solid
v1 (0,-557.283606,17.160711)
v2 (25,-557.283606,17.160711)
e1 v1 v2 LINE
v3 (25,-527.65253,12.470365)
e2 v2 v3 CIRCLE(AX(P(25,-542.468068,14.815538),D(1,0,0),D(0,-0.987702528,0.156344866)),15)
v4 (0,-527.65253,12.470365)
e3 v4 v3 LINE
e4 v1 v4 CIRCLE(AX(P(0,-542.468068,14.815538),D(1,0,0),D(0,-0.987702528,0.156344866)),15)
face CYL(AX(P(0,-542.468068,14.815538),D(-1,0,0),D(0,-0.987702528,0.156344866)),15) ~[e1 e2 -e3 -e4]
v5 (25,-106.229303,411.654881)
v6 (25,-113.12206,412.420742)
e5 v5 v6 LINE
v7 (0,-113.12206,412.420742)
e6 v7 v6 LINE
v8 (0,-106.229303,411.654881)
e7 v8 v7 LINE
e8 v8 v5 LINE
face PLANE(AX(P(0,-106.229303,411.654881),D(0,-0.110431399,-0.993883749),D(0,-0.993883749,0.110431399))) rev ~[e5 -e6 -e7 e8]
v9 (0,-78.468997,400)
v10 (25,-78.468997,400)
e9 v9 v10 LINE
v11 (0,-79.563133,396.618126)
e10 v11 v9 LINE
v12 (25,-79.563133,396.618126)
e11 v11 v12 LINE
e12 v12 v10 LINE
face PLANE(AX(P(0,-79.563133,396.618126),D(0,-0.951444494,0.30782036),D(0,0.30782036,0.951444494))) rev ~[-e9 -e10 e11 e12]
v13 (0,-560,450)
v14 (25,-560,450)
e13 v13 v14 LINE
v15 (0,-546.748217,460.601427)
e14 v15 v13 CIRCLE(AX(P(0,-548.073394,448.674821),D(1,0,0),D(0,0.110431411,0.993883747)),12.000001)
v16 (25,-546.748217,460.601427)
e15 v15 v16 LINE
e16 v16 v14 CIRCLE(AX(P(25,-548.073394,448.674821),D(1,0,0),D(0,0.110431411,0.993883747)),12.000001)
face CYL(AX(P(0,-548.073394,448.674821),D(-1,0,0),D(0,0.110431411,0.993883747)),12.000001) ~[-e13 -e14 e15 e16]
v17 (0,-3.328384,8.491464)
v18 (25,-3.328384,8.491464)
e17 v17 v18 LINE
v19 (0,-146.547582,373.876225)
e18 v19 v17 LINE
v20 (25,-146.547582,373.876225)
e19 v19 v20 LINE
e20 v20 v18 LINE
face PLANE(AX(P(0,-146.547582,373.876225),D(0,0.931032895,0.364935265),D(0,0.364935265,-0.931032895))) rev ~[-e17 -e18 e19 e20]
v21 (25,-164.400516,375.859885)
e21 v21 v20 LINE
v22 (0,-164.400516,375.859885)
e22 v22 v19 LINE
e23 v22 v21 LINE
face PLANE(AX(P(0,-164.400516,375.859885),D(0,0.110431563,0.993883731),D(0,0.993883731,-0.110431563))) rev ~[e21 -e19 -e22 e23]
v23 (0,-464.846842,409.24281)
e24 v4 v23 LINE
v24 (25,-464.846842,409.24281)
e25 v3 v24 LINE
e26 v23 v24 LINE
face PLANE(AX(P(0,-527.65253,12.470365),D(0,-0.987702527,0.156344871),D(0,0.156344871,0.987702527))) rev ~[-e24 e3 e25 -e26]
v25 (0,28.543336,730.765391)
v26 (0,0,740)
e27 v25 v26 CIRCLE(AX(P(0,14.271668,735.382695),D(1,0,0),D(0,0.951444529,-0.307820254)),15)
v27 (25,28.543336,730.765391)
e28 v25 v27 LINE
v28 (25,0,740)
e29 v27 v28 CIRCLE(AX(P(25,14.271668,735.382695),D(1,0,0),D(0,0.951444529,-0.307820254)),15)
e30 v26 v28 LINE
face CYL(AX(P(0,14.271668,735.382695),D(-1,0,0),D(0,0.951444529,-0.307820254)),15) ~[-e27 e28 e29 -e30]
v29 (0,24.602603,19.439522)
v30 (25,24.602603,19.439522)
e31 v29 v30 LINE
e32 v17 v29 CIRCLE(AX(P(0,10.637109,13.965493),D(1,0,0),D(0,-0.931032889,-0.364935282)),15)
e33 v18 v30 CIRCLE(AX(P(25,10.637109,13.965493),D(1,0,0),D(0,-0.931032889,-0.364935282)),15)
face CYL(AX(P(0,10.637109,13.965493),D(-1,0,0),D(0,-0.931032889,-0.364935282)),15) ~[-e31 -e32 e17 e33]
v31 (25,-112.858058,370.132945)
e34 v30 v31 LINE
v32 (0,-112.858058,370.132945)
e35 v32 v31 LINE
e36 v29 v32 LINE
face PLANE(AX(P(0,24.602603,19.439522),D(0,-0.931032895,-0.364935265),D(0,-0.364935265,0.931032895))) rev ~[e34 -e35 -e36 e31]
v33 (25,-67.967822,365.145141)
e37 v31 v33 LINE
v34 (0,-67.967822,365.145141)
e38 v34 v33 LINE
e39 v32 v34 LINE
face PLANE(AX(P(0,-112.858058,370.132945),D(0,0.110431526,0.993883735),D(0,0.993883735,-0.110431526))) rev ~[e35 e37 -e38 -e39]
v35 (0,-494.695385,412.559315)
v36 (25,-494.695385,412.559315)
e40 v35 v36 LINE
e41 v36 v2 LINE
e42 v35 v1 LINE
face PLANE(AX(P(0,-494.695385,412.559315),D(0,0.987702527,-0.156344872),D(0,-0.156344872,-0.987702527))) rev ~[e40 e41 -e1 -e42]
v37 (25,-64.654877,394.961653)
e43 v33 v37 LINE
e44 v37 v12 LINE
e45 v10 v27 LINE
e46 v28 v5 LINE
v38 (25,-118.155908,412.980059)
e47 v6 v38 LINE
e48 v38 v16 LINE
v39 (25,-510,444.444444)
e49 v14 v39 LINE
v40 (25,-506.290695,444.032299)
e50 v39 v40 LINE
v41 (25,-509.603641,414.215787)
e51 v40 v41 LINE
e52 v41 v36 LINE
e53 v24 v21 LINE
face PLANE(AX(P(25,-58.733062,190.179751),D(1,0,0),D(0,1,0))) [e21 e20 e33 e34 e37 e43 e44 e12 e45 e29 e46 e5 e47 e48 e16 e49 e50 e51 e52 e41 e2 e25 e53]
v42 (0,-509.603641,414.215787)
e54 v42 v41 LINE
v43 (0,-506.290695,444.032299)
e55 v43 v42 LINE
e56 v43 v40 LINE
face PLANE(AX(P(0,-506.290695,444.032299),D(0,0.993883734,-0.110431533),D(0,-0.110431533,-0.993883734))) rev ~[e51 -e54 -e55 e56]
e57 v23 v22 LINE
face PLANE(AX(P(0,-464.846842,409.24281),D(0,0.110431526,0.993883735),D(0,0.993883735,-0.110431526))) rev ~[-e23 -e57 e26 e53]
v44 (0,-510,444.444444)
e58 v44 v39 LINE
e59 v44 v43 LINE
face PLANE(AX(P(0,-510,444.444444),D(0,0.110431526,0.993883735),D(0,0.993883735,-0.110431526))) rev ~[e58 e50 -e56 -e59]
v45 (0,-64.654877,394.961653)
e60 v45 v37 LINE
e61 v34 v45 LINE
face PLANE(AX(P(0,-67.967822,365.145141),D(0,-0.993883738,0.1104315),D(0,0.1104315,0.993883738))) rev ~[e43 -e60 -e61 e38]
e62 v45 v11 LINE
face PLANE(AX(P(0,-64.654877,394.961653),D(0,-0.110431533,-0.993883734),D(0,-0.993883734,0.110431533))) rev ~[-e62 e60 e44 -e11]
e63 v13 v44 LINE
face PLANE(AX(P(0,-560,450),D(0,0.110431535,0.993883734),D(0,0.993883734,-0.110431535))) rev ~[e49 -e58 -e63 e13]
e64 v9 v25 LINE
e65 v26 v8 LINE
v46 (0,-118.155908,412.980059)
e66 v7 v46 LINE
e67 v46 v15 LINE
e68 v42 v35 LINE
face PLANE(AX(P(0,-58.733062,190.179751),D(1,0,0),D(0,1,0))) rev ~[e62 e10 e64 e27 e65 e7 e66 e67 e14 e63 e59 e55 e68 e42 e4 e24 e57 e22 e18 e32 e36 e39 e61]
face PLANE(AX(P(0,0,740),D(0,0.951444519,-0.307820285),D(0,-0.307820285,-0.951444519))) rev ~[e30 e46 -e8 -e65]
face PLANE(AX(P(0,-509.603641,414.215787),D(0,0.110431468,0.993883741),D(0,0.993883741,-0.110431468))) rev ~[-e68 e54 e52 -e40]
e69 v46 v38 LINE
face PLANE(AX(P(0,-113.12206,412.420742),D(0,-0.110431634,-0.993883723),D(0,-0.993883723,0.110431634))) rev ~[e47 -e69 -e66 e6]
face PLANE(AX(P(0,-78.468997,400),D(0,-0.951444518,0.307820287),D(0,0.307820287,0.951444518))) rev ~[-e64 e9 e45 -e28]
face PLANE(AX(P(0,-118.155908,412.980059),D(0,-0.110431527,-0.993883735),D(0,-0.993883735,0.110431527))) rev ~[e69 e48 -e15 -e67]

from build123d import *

# Parameters (mm, degrees)
F1_DEPTH = 25


with BuildPart() as f1:
    # F0 (on Right) → F1 (new body)
    with BuildSketch(Plane.YZ):
        with BuildLine():
            Line((24.602603, 19.439522), (-112.858058, 370.132945))
            Line((-112.858058, 370.132945), (-113.312946, 370.183488))
            Line((-113.312946, 370.183488), (-117.698107, 370.670728))
            Line((-117.698107, 370.670728), (-146.547582, 373.876225))
            Line((-146.547582, 373.876225), (-3.328384, 8.491464))
            ThreePointArc((-3.328384, 8.491464), (16.111139, 0), (24.602603, 19.439522))
        make_face()
        with BuildLine():
            Line((-527.65253, 12.470365), (-464.846842, 409.24281))
            Line((-464.846842, 409.24281), (-494.695385, 412.559315))
            Line((-494.695385, 412.559315), (-557.283606, 17.160711))
            ThreePointArc((-557.283606, 17.160711), (-544.813241, 0), (-527.65253, 12.470365))
        make_face()
        with BuildLine():
            ThreePointArc((28.543336, 730.765391), (18.888972, 749.654363), (0, 740))
            Line((0, 740), (-106.229303, 411.654881))
            ThreePointArc((-106.229303, 411.654881), (-106.738574, 409.286215), (-107.713254, 407.068124))
            Line((-107.713254, 407.068124), (-110, 400))
            Line((-110, 400), (-79.563133, 396.618126))
            Line((-79.563133, 396.618126), (-78.468997, 400))
            Line((-78.468997, 400), (28.543336, 730.765391))
        make_face()
        Polygon((-164.400516, 375.859885), (-161.087571, 405.676397), (-506.290695, 444.032299), (-509.603641, 414.215787), (-494.695385, 412.559315), (-464.846842, 409.24281), align=None)
        with BuildLine():
            Line((-107.713254, 407.068124), (-106.229303, 411.654881))
            Line((-106.229303, 411.654881), (-113.12206, 412.420742))
            Line((-113.12206, 412.420742), (-118.155908, 412.980059))
            Line((-118.155908, 412.980059), (-546.748217, 460.601427))
            ThreePointArc((-546.748217, 460.601427), (-555.569736, 458.045247), (-560, 450))
            Line((-560, 450), (-510, 444.444444))
            Line((-510, 444.444444), (-506.290695, 444.032299))
            Line((-506.290695, 444.032299), (-161.087571, 405.676397))
            Line((-161.087571, 405.676397), (-121.926605, 401.325178))
            Line((-121.926605, 401.325178), (-119.481086, 401.053454))
            ThreePointArc((-119.481086, 401.053454), (-112.694575, 402.294843), (-107.713254, 407.068124))
        make_face()
        Polygon((-79.563133, 396.618126), (-110, 400), (-119.481086, 401.053454), (-121.926605, 401.325178), (-161.087571, 405.676397), (-164.400516, 375.859885), (-146.547582, 373.876225), (-117.698107, 370.670728), (-113.312946, 370.183488), (-112.858058, 370.132945), (-67.967822, 365.145141), (-64.654877, 394.961653), align=None)
        with BuildLine():
            ThreePointArc((-107.713254, 407.068124), (-106.738574, 409.286215), (-106.229303, 411.654881))
            Line((-106.229303, 411.654881), (-107.713254, 407.068124))
        make_face()
        with BuildLine():
            Line((-110, 400), (-107.713254, 407.068124))
            ThreePointArc((-107.713254, 407.068124), (-112.694575, 402.294843), (-119.481086, 401.053454))
            Line((-119.481086, 401.053454), (-110, 400))
        make_face()
    extrude(amount=F1_DEPTH)


solid = f1.part
